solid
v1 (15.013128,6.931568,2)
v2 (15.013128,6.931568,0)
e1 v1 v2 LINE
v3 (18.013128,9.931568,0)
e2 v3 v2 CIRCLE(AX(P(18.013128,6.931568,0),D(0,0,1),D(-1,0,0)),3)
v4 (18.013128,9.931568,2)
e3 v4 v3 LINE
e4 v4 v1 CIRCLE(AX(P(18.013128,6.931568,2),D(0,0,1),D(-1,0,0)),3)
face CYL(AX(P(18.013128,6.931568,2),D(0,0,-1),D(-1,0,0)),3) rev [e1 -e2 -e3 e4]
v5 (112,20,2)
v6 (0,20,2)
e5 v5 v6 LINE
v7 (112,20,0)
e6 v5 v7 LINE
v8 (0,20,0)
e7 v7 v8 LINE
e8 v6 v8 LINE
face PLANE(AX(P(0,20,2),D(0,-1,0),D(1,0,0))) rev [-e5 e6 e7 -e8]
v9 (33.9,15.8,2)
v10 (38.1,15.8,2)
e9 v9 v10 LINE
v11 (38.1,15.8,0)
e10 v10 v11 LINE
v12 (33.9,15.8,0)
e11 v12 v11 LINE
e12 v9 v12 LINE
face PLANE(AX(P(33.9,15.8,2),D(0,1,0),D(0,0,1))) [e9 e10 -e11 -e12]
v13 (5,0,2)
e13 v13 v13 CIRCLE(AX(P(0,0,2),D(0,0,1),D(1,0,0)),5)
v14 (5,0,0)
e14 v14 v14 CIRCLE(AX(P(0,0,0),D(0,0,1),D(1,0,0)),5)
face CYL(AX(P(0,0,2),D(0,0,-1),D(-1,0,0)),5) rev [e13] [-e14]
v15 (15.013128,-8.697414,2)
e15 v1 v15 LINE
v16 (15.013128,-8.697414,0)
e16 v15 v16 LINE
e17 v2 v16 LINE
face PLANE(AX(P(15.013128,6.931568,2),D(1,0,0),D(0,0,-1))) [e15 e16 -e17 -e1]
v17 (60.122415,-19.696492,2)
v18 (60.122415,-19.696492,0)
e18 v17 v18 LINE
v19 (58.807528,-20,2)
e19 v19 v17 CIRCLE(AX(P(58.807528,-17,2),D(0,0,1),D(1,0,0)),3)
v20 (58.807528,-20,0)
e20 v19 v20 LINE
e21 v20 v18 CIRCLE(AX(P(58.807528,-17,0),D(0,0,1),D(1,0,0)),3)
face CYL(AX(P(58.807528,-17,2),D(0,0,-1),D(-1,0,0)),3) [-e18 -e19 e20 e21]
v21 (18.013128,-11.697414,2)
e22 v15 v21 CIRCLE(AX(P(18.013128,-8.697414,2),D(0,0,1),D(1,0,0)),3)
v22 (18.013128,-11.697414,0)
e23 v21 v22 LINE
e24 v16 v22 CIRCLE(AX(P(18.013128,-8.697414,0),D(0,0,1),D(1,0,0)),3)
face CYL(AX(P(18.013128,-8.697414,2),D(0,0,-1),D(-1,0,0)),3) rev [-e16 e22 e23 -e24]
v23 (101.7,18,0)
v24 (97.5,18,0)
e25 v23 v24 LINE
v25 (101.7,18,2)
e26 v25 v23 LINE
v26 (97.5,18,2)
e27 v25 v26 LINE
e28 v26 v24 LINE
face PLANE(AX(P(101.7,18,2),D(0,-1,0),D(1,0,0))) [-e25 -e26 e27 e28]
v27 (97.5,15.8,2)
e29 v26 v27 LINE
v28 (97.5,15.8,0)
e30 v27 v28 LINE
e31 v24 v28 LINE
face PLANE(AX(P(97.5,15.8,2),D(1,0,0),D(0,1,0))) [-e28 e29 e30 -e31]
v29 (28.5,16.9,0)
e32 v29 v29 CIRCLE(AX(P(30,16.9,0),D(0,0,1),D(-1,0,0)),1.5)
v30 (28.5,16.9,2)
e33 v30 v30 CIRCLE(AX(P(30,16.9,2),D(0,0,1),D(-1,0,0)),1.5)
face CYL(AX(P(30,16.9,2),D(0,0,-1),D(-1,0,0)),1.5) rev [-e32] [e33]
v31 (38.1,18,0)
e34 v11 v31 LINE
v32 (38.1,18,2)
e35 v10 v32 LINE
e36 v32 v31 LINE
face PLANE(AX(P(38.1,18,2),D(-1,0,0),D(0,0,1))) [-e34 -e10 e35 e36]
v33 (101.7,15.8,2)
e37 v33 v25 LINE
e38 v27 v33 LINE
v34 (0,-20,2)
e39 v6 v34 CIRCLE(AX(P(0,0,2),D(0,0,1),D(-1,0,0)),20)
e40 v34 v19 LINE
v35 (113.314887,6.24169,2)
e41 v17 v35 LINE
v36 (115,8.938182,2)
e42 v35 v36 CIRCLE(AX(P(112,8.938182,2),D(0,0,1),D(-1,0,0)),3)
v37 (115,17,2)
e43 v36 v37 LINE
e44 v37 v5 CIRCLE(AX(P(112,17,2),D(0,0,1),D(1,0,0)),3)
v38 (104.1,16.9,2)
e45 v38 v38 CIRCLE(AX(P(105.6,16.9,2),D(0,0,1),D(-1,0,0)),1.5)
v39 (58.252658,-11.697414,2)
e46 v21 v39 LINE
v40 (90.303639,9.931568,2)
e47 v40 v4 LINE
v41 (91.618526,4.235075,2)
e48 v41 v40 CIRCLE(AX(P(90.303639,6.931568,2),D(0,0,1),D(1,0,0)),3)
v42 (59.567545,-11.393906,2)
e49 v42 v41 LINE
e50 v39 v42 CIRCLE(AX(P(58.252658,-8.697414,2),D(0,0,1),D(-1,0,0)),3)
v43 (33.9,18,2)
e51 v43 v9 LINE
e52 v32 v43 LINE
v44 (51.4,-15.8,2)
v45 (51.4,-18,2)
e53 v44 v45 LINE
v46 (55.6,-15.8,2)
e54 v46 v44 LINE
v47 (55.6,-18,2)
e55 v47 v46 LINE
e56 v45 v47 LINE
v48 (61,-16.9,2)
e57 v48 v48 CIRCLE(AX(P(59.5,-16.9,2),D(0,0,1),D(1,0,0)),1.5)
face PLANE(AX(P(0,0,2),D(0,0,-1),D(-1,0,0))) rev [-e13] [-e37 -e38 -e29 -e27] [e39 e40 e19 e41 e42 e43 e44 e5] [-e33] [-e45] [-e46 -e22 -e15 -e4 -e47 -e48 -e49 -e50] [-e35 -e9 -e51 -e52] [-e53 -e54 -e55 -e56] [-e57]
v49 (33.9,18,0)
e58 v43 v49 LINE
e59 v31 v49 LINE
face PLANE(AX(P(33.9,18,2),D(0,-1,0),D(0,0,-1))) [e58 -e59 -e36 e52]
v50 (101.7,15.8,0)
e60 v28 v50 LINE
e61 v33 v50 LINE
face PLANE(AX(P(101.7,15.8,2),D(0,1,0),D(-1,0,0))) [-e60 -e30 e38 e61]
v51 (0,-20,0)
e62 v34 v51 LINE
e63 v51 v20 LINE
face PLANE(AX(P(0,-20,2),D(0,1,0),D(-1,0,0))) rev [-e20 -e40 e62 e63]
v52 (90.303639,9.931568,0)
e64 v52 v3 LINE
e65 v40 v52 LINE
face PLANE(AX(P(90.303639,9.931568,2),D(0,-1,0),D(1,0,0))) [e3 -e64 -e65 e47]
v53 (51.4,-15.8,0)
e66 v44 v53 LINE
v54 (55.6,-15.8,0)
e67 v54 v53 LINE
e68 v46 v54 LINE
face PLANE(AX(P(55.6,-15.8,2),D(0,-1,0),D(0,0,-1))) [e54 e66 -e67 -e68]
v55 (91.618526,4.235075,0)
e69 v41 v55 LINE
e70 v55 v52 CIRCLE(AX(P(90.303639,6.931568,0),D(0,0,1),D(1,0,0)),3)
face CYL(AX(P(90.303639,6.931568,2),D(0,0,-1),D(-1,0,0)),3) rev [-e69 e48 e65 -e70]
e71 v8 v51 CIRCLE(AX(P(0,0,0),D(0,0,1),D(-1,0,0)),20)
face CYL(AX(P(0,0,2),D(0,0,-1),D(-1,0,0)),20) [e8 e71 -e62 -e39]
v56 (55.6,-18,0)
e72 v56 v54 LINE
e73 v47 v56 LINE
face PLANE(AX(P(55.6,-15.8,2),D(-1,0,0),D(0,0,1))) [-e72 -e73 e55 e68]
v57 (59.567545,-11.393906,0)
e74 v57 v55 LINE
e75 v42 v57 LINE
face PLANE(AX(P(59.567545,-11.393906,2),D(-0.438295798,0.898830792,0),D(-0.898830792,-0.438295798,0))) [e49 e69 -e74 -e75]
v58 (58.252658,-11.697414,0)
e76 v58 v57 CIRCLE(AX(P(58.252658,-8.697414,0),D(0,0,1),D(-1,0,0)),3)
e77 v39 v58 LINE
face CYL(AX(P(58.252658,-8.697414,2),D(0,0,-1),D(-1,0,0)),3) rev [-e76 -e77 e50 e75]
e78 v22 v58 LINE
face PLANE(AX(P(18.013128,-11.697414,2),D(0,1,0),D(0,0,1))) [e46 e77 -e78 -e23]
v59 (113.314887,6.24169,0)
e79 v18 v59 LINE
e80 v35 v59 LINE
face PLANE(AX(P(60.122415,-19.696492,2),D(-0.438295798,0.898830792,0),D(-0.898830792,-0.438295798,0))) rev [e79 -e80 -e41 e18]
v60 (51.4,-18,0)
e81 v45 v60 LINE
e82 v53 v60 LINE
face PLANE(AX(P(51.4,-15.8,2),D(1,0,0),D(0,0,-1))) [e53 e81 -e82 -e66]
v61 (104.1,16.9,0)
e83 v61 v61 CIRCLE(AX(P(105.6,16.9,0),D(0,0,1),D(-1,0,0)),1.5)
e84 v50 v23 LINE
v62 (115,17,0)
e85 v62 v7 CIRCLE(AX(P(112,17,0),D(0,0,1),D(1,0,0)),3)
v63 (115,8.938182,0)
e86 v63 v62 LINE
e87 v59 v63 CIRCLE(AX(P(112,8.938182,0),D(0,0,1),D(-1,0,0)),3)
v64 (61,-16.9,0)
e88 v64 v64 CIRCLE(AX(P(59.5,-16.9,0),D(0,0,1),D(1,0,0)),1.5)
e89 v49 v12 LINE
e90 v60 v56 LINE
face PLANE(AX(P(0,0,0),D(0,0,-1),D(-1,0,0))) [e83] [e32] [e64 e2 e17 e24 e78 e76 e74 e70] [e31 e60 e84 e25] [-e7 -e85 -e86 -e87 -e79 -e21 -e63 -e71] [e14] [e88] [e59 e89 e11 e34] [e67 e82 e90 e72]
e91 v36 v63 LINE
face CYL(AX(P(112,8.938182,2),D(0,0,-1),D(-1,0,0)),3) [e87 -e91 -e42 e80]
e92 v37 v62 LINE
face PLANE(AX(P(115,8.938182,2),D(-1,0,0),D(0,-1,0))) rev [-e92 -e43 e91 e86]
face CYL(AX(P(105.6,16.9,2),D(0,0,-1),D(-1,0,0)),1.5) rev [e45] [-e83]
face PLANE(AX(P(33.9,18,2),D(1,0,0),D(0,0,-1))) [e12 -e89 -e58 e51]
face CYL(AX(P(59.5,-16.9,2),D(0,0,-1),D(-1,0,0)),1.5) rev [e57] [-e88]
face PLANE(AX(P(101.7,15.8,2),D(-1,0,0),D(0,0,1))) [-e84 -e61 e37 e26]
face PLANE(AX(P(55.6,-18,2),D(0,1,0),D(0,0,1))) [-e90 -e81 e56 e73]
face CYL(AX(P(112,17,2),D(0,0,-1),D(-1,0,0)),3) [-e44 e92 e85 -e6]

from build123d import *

# Parameters (mm, degrees)
SKETCH_1_R      = 5
SKETCH_1_R_2    = 1.5
SKETCH_1_W      = 4.2
SKETCH_1_H      = 2.2
EXTRUDE_1_DEPTH = 2


with BuildPart() as part:
    # 草图1 → 凸台-拉伸1 (new body)
    with BuildSketch(Plane.XY):
        with BuildLine():
            Line((0, 20), (112, 20))
            ThreePointArc((112, 20), (114.121320344, 19.121320344), (115, 17))
            Line((115, 17), (115, 8.938182396))
            ThreePointArc((115, 8.938182396), (114.544077651, 7.348317965), (113.314887395, 6.241690019))
            Line((113.314887395, 6.241690019), (60.122415269, -19.696492377))
            ThreePointArc((60.122415269, -19.696492377), (59.482258513, -19.923138479), (58.807527874, -20))
            Line((58.807527874, -20), (0, -20))
            ThreePointArc((0, -20), (-20, 0), (0, 20))
        make_face()
        Circle(SKETCH_1_R, mode=Mode.SUBTRACT)
        with Locations(Location((30, 16.9, 0), (0, 0, 180))):
            Circle(SKETCH_1_R_2, mode=Mode.SUBTRACT)
        with Locations(Location((105.6, 16.9, 0), (0, 0, 180))):
            Circle(SKETCH_1_R_2, mode=Mode.SUBTRACT)
        with Locations((59.5, -16.9)):
            Circle(SKETCH_1_R_2, mode=Mode.SUBTRACT)
        with BuildLine():
            Line((59.567545449, -11.393906383), (91.618526066, 4.235075463))
            ThreePointArc((91.618526066, 4.235075463), (93.22677715, 7.606298478), (90.303638671, 9.93156784))
            Line((90.303638671, 9.93156784), (18.013127748, 9.93156784))
            ThreePointArc((18.013127748, 9.93156784), (15.891807404, 9.052888183), (15.013127748, 6.93156784))
            Line((15.013127748, 6.93156784), (15.013127748, -8.697414007))
            ThreePointArc((15.013127748, -8.697414007), (15.891807404, -10.81873435), (18.013127748, -11.697414007))
            Line((18.013127748, -11.697414007), (58.252658054, -11.697414007))
            ThreePointArc((58.252658054, -11.697414007), (58.927388693, -11.620552485), (59.567545449, -11.393906383))
        make_face(mode=Mode.SUBTRACT)
        with Locations((99.6, 16.9)):
            Rectangle(SKETCH_1_W, SKETCH_1_H, mode=Mode.SUBTRACT)
        with Locations((36, 16.9)):
            Rectangle(SKETCH_1_W, SKETCH_1_H, mode=Mode.SUBTRACT)
        with Locations((53.5, -16.9)):
            Rectangle(SKETCH_1_W, SKETCH_1_H, mode=Mode.SUBTRACT)
    extrude(amount=EXTRUDE_1_DEPTH)


solid = part.part
